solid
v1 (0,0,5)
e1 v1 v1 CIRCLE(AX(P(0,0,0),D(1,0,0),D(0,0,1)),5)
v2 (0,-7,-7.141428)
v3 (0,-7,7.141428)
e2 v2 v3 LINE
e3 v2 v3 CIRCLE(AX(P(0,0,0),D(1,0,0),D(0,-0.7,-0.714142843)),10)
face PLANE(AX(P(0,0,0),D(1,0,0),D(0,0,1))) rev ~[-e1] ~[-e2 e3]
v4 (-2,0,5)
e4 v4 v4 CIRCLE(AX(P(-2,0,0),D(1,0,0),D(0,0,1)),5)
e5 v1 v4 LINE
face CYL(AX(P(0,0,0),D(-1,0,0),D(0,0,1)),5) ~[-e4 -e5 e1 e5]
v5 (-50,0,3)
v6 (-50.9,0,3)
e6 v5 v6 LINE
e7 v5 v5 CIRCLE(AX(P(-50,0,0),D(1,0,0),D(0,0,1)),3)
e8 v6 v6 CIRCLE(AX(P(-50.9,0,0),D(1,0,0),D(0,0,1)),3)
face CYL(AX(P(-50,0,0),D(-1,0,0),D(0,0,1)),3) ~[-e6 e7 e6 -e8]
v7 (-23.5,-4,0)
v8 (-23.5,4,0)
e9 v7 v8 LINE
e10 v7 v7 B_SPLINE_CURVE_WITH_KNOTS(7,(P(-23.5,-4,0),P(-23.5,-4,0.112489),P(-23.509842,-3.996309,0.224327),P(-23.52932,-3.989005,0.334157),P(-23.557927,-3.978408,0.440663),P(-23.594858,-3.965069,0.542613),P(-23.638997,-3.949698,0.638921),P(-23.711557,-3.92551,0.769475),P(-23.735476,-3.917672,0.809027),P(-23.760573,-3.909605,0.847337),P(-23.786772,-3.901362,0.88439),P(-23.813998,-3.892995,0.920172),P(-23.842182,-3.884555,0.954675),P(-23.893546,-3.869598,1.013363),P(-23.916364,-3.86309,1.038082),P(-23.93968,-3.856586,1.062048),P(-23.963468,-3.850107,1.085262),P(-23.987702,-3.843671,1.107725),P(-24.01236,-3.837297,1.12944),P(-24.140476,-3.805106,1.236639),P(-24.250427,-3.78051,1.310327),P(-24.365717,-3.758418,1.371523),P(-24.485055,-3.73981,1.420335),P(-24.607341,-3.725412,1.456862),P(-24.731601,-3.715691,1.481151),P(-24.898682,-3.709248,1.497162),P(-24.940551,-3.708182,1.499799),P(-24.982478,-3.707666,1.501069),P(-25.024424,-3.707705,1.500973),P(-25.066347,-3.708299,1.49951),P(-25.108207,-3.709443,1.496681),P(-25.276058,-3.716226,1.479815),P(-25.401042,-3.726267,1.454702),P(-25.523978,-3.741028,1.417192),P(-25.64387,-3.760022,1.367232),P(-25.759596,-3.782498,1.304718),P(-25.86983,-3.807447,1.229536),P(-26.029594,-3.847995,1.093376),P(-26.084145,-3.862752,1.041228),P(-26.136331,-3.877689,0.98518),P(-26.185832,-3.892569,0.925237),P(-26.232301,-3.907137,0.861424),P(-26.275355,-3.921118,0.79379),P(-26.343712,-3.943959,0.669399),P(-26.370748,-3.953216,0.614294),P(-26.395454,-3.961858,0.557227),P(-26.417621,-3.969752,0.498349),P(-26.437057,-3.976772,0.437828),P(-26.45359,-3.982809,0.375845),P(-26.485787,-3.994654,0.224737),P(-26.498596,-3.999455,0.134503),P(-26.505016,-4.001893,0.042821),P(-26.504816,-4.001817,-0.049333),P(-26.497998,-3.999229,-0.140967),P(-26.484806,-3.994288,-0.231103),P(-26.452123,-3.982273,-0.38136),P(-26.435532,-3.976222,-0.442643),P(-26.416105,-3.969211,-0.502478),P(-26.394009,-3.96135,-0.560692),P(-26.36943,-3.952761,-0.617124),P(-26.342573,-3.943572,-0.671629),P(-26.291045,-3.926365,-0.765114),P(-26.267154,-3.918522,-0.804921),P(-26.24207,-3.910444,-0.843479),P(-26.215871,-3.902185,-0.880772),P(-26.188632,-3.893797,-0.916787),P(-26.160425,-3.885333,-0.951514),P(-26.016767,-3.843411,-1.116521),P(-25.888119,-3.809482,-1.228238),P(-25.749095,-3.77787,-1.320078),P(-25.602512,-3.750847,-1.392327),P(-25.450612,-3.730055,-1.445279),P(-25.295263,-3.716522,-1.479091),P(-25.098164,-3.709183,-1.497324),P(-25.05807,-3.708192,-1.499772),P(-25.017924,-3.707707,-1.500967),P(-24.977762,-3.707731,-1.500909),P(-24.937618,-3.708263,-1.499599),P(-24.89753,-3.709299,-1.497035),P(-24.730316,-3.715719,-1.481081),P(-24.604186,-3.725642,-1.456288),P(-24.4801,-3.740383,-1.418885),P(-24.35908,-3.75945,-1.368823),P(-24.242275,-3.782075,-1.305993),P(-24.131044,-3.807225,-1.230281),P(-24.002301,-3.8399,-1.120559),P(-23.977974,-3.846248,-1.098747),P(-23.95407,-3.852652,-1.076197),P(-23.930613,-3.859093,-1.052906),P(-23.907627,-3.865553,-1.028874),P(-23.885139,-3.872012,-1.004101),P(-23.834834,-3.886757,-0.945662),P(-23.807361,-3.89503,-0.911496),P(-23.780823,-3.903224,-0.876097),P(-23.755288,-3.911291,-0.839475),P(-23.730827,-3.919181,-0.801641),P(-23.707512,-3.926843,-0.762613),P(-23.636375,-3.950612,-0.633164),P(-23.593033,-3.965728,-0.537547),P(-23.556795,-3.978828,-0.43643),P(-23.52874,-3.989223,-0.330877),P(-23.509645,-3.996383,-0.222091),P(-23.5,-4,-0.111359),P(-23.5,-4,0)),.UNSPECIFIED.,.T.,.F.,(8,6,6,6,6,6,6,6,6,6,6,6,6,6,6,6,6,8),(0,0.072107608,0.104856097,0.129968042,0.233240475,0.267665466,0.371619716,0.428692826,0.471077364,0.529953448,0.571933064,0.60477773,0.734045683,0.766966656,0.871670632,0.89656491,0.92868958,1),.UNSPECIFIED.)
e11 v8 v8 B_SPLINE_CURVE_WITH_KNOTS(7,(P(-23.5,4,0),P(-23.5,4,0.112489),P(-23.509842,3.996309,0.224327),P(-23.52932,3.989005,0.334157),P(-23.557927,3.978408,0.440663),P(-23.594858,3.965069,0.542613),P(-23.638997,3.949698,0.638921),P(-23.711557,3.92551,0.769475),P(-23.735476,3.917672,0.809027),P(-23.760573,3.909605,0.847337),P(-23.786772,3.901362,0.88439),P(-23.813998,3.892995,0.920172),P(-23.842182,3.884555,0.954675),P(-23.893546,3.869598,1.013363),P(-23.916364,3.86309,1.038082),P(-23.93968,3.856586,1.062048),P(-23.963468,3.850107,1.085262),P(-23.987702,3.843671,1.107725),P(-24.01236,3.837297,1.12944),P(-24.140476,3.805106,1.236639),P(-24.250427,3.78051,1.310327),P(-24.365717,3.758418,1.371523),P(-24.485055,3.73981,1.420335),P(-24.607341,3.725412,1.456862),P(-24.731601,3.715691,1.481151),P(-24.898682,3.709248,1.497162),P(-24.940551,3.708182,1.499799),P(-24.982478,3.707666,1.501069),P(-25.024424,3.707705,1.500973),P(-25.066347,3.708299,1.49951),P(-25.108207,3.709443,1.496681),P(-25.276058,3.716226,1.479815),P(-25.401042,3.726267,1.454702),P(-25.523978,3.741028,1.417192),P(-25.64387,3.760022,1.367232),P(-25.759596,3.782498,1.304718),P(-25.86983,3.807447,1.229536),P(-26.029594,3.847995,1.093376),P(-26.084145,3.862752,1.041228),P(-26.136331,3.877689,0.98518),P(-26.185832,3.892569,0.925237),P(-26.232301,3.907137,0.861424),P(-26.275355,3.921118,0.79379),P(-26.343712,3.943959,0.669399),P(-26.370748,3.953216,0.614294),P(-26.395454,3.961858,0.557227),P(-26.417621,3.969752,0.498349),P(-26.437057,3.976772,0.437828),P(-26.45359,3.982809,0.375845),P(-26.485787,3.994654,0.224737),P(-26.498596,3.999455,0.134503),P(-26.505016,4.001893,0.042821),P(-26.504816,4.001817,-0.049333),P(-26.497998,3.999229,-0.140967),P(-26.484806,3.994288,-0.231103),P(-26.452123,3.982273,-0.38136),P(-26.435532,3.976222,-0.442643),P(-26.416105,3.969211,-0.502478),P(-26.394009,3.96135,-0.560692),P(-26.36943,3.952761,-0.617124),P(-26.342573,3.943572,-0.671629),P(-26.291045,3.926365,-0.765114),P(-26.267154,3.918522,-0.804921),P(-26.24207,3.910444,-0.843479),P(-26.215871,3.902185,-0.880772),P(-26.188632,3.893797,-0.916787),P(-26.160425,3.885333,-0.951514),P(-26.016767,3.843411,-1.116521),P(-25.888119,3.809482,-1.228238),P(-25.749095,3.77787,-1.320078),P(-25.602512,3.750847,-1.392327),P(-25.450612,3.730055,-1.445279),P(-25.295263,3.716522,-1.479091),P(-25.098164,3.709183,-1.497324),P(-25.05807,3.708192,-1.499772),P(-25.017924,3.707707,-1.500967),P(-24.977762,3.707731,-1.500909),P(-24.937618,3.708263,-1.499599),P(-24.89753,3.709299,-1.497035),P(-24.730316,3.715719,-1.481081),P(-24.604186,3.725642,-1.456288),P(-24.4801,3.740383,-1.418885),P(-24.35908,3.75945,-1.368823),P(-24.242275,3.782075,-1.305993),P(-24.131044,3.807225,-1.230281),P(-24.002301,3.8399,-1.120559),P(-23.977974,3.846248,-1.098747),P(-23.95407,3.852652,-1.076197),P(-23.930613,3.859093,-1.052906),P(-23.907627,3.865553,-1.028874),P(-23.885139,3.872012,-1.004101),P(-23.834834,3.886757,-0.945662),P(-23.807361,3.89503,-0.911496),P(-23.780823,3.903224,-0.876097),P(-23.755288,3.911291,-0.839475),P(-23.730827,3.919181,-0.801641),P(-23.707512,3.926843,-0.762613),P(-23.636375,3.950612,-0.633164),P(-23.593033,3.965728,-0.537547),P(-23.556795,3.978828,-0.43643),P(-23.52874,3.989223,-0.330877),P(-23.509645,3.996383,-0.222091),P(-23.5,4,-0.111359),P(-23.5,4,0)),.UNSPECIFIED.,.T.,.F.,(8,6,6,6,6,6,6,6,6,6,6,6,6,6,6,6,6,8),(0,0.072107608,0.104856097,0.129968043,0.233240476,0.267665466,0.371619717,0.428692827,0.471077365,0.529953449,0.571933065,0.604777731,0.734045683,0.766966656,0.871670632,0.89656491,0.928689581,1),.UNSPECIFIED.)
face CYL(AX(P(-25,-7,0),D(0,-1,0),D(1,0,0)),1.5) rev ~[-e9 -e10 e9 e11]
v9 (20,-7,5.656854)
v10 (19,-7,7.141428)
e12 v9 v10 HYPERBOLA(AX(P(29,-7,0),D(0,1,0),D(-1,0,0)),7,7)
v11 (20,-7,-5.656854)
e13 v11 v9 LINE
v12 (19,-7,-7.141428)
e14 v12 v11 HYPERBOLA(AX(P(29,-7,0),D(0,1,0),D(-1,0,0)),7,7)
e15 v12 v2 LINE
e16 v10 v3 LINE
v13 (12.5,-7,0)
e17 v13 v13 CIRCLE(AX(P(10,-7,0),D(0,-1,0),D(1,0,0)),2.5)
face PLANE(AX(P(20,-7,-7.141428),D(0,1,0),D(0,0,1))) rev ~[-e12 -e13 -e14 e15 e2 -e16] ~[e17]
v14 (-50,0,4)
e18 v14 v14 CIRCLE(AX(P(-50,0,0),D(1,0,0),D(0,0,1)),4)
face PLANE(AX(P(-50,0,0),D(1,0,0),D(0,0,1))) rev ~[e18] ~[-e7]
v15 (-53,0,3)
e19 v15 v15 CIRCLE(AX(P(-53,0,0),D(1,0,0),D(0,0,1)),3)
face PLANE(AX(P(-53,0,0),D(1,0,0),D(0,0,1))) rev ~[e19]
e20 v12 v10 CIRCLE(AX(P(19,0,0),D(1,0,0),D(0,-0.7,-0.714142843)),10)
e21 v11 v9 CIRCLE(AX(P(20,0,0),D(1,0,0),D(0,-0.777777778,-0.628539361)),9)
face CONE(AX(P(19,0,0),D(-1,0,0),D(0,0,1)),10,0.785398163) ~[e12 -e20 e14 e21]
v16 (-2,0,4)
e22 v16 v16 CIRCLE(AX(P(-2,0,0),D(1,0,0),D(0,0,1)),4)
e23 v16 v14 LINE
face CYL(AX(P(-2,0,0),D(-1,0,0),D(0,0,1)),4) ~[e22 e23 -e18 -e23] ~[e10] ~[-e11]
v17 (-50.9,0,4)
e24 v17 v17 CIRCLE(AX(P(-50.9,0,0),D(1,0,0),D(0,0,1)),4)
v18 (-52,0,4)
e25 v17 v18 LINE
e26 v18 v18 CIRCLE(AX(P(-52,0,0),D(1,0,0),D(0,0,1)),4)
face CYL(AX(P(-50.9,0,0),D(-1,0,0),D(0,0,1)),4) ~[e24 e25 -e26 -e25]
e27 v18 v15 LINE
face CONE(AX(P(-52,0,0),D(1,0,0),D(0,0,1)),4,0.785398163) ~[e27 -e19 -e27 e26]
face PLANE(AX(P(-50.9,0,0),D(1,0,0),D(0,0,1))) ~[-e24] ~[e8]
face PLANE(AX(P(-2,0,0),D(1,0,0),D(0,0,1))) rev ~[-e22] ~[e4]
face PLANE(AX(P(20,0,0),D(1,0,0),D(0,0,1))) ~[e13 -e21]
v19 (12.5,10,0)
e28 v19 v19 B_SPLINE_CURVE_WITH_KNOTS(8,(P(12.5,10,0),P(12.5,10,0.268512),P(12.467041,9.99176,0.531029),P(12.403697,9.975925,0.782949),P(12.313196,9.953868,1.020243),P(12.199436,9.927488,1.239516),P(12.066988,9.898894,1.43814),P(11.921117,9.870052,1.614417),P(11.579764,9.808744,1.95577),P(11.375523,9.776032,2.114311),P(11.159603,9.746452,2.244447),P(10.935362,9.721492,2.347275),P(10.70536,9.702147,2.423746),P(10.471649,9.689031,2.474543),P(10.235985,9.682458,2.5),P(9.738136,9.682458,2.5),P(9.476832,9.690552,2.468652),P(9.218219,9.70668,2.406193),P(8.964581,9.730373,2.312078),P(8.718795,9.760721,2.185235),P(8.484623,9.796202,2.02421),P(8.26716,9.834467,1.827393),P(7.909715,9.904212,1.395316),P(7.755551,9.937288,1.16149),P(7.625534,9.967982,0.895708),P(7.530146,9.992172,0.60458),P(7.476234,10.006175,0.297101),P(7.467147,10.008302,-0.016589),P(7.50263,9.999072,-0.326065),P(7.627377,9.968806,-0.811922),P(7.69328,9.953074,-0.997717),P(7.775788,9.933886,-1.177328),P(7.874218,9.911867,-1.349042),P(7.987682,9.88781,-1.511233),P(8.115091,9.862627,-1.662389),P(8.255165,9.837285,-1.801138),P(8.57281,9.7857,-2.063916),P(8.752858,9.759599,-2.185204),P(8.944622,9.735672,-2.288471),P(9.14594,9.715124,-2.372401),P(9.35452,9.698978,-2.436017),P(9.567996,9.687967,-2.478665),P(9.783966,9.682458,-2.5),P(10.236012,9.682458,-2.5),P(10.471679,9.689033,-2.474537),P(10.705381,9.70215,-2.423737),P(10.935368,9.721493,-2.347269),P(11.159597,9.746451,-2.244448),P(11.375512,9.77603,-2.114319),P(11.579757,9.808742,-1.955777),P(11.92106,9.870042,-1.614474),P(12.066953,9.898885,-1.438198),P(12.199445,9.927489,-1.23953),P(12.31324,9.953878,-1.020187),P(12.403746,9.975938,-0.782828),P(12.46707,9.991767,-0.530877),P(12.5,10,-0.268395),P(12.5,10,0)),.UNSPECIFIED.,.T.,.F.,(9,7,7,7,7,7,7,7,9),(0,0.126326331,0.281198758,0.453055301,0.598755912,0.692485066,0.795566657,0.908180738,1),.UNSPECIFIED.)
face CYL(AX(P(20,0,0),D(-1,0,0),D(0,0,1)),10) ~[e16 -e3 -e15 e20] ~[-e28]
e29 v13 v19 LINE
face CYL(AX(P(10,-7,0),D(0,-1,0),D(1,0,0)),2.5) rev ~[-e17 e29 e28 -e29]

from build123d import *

# Parameters (mm, degrees)
F2_SIZE  = 1
F4_DEPTH = 20
F5_R     = 2.5
F5_R_2   = 1.5
F6_DEPTH = 17.001


with BuildPart() as f1:
    # F0 (on Front) → F1 (revolve)
    with BuildSketch(Plane.XZ):
        Polygon((-53, 0), (0, 0), (20, 0), (20, 10), (0, 10), (0, 5), (-2, 5), (-2, 4), (-50, 4), (-50, 3), (-50.9, 3), (-50.9, 4), (-53, 4), align=None)
    revolve(axis=Axis((-15.901639617, 0, 0), (1, 0, 0)))

    # F2
    f2_edges = [f1.edges().sort_by_distance(p)[0] for p in [
        (-53, 0, -4),
        (20, 0, -10),
    ]]
    chamfer(f2_edges, length=F2_SIZE)

    # F3 (on face) → F4 (cut, through all)
    with BuildSketch(Plane.YZ.offset(20)):
        with BuildLine():
            Line((-7, -7.1414284285), (-7, 7.1414284285))
            ThreePointArc((-7, 7.1414284285), (-10, 0), (-7, -7.1414284285))
        make_face()
    extrude(amount=-F4_DEPTH, mode=Mode.SUBTRACT)

    # F5 (on face) → F6 (cut, through all)
    with BuildSketch(Plane.XZ.offset(7)):
        with Locations((10, 0)):
            Circle(F5_R)
        with Locations((-25, 0)):
            Circle(F5_R_2)
    extrude(amount=-F6_DEPTH, mode=Mode.SUBTRACT)


solid = f1.part
